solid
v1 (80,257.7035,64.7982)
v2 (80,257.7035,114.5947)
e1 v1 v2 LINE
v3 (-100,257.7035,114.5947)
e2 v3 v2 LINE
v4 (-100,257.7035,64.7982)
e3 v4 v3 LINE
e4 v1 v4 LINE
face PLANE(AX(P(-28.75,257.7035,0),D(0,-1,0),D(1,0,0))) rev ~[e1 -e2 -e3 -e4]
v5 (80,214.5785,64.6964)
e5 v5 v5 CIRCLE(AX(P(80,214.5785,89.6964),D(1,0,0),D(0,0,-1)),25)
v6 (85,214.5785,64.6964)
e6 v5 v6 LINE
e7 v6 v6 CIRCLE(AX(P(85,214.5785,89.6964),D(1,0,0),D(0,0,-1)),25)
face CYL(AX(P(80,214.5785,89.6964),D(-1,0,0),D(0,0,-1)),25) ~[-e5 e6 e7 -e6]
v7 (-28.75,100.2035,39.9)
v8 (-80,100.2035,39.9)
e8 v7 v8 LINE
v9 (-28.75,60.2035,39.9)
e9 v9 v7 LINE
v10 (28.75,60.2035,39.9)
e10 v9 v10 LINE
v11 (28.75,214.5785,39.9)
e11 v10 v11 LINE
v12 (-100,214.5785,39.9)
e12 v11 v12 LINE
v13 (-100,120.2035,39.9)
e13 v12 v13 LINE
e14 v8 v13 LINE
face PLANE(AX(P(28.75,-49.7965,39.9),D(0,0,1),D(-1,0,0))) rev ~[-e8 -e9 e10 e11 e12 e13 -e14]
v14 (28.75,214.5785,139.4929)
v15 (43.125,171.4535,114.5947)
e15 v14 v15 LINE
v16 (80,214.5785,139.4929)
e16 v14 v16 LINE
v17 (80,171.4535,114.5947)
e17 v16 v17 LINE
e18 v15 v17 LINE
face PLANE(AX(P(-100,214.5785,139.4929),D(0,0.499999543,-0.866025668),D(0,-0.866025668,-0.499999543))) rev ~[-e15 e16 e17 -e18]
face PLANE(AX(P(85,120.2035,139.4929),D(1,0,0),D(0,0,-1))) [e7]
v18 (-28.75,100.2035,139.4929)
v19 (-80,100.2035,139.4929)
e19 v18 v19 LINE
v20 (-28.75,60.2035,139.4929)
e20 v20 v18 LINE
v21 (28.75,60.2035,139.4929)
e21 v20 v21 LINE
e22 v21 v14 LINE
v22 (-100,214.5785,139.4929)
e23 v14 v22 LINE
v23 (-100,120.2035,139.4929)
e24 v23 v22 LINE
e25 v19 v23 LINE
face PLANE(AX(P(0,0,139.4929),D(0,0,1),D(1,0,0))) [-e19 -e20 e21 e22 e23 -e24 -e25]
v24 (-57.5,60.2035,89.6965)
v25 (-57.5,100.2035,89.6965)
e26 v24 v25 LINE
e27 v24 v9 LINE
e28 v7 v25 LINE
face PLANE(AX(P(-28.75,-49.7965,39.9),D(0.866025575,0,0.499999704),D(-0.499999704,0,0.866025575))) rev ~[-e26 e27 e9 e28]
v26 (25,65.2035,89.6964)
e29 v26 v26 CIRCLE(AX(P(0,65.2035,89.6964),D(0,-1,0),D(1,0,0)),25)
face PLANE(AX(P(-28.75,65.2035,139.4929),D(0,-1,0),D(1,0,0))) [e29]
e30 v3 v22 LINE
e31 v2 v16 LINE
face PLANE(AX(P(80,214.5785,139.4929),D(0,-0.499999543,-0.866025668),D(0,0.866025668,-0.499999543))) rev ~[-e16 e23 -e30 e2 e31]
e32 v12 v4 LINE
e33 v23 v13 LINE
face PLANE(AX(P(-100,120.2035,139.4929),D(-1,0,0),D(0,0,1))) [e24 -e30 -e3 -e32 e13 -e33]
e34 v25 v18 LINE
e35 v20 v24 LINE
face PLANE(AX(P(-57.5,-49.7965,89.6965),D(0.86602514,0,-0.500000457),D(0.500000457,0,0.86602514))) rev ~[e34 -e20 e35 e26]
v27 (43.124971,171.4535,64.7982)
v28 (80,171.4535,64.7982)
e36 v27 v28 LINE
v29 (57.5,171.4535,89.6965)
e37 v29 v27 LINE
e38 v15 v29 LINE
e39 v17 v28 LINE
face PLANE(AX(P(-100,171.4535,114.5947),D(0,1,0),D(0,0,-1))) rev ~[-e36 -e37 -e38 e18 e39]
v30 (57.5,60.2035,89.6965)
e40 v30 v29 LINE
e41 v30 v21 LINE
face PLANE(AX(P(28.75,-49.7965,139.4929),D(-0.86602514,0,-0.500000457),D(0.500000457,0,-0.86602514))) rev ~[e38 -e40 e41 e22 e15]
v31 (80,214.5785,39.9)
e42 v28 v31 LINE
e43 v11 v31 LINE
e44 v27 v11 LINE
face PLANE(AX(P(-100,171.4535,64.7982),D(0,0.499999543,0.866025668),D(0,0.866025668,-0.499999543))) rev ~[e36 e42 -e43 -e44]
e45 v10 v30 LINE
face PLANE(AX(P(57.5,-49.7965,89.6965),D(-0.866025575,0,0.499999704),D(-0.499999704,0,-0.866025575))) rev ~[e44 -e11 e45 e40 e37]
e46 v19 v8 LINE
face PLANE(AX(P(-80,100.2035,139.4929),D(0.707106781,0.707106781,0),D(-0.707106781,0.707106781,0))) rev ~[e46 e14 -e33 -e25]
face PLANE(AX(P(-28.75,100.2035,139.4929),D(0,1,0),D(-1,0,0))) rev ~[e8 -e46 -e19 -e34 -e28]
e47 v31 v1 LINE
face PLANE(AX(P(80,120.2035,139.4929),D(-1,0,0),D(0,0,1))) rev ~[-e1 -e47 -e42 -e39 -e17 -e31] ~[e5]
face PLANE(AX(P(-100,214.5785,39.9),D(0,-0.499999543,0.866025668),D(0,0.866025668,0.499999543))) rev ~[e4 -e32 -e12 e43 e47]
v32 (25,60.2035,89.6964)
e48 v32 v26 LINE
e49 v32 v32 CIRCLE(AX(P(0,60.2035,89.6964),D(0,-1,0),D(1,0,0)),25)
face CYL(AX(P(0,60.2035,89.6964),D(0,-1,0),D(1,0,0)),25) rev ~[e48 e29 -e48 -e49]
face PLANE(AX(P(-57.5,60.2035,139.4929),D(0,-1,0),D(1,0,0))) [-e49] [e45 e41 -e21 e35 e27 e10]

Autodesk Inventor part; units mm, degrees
ref_plane "YZ Plane" through (0, 0, 0) normal (1, 0, 0) x (0, 1, 0)
ref_plane "XZ Plane" through (0, 0, 0) normal (0, 1, 0) x (-1, 0, 0)
ref_plane "XY Plane" through (0, 0, 0) normal (0, 0, 1) x (1, 0, 0)
sketch "Sketch1" plane through (0, 0, 0) normal (0, 0, 1) x (1, 0, 0)
  line L0 (57.5, 0) -> (28.75, -49.7965)
  line L1 (28.75, -49.7965) -> (-28.75, -49.7965)
  line L2 (-28.75, -49.7965) -> (-57.5, 0)
  line L3 (-57.5, 0) -> (-28.75, 49.7965)
  line L4 (-28.75, 49.7965) -> (28.75, 49.7965)
  line L5 (28.75, 49.7965) -> (57.5, 0)
  point P0 (0, 0)
  point P1 (0, 0)
  dimension "d0" = 115
extrude "Extrusion1" add sketch "Sketch1" along normal blind 139.4929
sketch "Sketch2" plane through (-28.75, -49.7965, 0) normal (0, -1, 0) x (1, 0, 0)
  line L0 (-28.75, 89.6965) -> (0, 139.4929)
  line L1 (0, 139.4929) -> (57.5, 139.4929)
  line L2 (57.5, 139.4929) -> (86.25, 89.6965)
  line L3 (86.25, 89.6965) -> (57.5, 39.9)
  line L4 (57.5, 39.9) -> (0, 39.9)
  line L5 (0, 39.9) -> (-28.75, 89.6965)
  line L6 (0, 139.4929) -> (57.5, 139.4929) projected
  point P0 (28.75, 0)
  point P1 (28.75, 89.6965)
  point P2 (28.75, 139.4929)
  dimension "d3" = 115
extrude "Extrusion2" add sketch "Sketch2" against normal blind 307.5
sketch "Sketch3" plane through (0, 0, 139.4929) normal (0, 0, 1) x (1, 0, 0)
  line L0 (-28.75, 49.7965) -> (-28.75, 257.7035) projected
  line L1 (-28.75, 100.2035) -> (-100, 100.2035)
  line L2 (-100, 100.2035) -> (-100, 257.7035)
  line L3 (-57.5, 257.7035) -> (-28.75, 257.7035) projected
  line L4 (-100, 257.7035) -> (-28.75, 257.7035)
  line L5 (-80, 100.2035) -> (-100, 120.2035)
  point P0 (0, 0)
  dimension "d6" = 71.25
  dimension "d7" = 157.5
  dimension "d8" = 28.2843
  dimension "d9" = 45
extrude "Extrusion3" add sketch "Sketch3" against normal blind 99.5929 contours L1 L5 L2 L4 L3 L0
sketch "Sketch4" plane through (-100, 120.2035, 139.4929) normal (-1, 0, 0) x (0, 0, 1)
  line L0 (-99.5929, 94.375) -> (-74.6947, 137.5)
  line L1 (-74.6947, 137.5) -> (-24.8982, 137.5)
  line L2 (-24.8982, 137.5) -> (0, 94.375)
  line L3 (0, 94.375) -> (-24.8982, 51.25)
  line L4 (-24.8982, 51.25) -> (-74.6947, 51.25)
  line L5 (-74.6947, 51.25) -> (-99.5929, 94.375)
  line L6 (0, 137.5) -> (-99.5929, 137.5) projected
  line L7 (0, 137.5) -> (0, 0) projected
  line L8 (-99.5929, 0) -> (-99.5929, 137.5) projected
  point P0 (-139.4929, -120.2035)
  point P1 (-49.7965, 94.375)
  point P2 (-49.7965, 137.5)
extrude "Extrusion4" add sketch "Sketch4" against normal blind 180 contours L0 L1 L2 L3 L4 L5
sketch "Sketch6" plane through (80, 120.2035, 139.4929) normal (1, 0, 0) x (0, 0, -1)
  line L0 (0, 94.375) -> (24.8982, 137.5) projected
  line L1 (0, 137.5) -> (24.8982, 137.5) projected
  line L2 (0, 94.375) -> (0, 137.5) projected
  line L3 (74.6947, 137.5) -> (99.5929, 94.375) projected
  line L4 (99.5929, 94.375) -> (99.5929, 137.5) projected
  line L5 (74.6947, 137.5) -> (99.5929, 137.5) projected
  line L6 (49.7965, -120.2035) -> (99.5929, -170) projected
  line L7 (49.7965, -170) -> (49.7965, -120.2035) projected
  line L8 (99.5929, -170) -> (49.7965, -170) projected
  line L9 (0, -170) -> (49.7965, -120.2035) projected
  line L10 (49.7965, -170) -> (0, -170) projected
  line L11 (49.7965, -170) -> (49.7965, -120.2035) projected
  line L12 (0, -170) -> (49.7965, -120.2035) projected
  line L13 (49.7965, -120.2035) -> (0, -120.2035) projected
  line L14 (0, -170) -> (0, -120.2035) projected
  line L15 (49.7965, -120.2035) -> (0, -70.4071) projected
  line L16 (0, -120.2035) -> (0, -70.4071) projected
  line L17 (49.7965, -120.2035) -> (0, -120.2035) projected
  point P0 (139.4929, -120.2035)
extrude "Extrusion5" cut sketch "Sketch6" against normal through all
sketch "Sketch7" plane through (0, 0, 0) normal (0, 0, -1) x (-1, 0, 0)
  circle A0 centre (0, 0) radius 25
  dimension "d16" = 50
extrude "Extrusion6" cut sketch "Sketch7" against normal blind 5
sketch "Sketch8" plane through (80, 120.2035, 139.4929) normal (1, 0, 0) x (0, 0, -1)
  line L0 (74.6947, 51.25) -> (99.5929, 94.375) projected
  line L1 (99.5929, 94.375) -> (74.6947, 137.5) projected
  line L2 (74.6947, 137.5) -> (24.8982, 137.5) projected
  line L3 (24.8982, 137.5) -> (0, 94.375) projected
  line L4 (0, 94.375) -> (24.8982, 51.25) projected
  line L5 (24.8982, 51.25) -> (74.6947, 51.25) projected
  circle A0 centre (49.7965, 94.375) radius 25
  point P0 (139.4929, -120.2035)
  point P1 (49.7965, 137.5)
  dimension "d19" = 50
extrude "Extrusion7" add sketch "Sketch8" along normal blind 5 contours A0
sketch "Sketch9" plane through (0, 0, 139.4929) normal (0, 0, 1) x (1, 0, 0)
  line L0 (-57.5, 0) -> (-57.5, 100.2035) projected
  line L1 (-57.5, 60.2035) -> (57.5, 60.2035)
  line L2 (57.5, 60.2035) -> (57.5, -49.7965)
  line L3 (57.5, -49.7965) -> (-57.5, -49.7965)
  line L4 (-57.5, -49.7965) -> (-57.5, 60.2035)
  line L5 (57.5, 0) -> (57.5, 171.4535) projected
  line L6 (28.75, -49.7965) -> (-28.75, -49.7965) projected
  line L7 (-80, 100.2035) -> (-28.75, 100.2035) projected
  point P0 (0, 0)
  point P1 (0, -49.7965)
  dimension "d22" = 40
extrude "Extrusion8" cut sketch "Sketch9" against normal through all
sketch "Sketch10" plane through (-28.75, 60.2035, 139.4929) normal (0, -1, 0) x (1, 0, 0)
  line L0 (57.5, 0) -> (86.25, -49.7965) projected
  line L1 (0, 0) -> (57.5, 0) projected
  line L2 (-28.75, -49.7965) -> (0, 0) projected
  line L3 (0, -99.5929) -> (-28.75, -49.7965) projected
  line L4 (57.5, -99.5929) -> (0, -99.5929) projected
  line L5 (86.25, -49.7965) -> (57.5, -99.5929) projected
  circle A0 centre (28.75, -49.7965) radius 25
  point P0 (28.75, -139.4929)
  point P1 (28.75, 0)
  dimension "d25" = 50
extrude "Extrusion9" cut sketch "Sketch10" against normal blind 5 contours A0
properties part number "link_a0" material "ABS Plastic"
